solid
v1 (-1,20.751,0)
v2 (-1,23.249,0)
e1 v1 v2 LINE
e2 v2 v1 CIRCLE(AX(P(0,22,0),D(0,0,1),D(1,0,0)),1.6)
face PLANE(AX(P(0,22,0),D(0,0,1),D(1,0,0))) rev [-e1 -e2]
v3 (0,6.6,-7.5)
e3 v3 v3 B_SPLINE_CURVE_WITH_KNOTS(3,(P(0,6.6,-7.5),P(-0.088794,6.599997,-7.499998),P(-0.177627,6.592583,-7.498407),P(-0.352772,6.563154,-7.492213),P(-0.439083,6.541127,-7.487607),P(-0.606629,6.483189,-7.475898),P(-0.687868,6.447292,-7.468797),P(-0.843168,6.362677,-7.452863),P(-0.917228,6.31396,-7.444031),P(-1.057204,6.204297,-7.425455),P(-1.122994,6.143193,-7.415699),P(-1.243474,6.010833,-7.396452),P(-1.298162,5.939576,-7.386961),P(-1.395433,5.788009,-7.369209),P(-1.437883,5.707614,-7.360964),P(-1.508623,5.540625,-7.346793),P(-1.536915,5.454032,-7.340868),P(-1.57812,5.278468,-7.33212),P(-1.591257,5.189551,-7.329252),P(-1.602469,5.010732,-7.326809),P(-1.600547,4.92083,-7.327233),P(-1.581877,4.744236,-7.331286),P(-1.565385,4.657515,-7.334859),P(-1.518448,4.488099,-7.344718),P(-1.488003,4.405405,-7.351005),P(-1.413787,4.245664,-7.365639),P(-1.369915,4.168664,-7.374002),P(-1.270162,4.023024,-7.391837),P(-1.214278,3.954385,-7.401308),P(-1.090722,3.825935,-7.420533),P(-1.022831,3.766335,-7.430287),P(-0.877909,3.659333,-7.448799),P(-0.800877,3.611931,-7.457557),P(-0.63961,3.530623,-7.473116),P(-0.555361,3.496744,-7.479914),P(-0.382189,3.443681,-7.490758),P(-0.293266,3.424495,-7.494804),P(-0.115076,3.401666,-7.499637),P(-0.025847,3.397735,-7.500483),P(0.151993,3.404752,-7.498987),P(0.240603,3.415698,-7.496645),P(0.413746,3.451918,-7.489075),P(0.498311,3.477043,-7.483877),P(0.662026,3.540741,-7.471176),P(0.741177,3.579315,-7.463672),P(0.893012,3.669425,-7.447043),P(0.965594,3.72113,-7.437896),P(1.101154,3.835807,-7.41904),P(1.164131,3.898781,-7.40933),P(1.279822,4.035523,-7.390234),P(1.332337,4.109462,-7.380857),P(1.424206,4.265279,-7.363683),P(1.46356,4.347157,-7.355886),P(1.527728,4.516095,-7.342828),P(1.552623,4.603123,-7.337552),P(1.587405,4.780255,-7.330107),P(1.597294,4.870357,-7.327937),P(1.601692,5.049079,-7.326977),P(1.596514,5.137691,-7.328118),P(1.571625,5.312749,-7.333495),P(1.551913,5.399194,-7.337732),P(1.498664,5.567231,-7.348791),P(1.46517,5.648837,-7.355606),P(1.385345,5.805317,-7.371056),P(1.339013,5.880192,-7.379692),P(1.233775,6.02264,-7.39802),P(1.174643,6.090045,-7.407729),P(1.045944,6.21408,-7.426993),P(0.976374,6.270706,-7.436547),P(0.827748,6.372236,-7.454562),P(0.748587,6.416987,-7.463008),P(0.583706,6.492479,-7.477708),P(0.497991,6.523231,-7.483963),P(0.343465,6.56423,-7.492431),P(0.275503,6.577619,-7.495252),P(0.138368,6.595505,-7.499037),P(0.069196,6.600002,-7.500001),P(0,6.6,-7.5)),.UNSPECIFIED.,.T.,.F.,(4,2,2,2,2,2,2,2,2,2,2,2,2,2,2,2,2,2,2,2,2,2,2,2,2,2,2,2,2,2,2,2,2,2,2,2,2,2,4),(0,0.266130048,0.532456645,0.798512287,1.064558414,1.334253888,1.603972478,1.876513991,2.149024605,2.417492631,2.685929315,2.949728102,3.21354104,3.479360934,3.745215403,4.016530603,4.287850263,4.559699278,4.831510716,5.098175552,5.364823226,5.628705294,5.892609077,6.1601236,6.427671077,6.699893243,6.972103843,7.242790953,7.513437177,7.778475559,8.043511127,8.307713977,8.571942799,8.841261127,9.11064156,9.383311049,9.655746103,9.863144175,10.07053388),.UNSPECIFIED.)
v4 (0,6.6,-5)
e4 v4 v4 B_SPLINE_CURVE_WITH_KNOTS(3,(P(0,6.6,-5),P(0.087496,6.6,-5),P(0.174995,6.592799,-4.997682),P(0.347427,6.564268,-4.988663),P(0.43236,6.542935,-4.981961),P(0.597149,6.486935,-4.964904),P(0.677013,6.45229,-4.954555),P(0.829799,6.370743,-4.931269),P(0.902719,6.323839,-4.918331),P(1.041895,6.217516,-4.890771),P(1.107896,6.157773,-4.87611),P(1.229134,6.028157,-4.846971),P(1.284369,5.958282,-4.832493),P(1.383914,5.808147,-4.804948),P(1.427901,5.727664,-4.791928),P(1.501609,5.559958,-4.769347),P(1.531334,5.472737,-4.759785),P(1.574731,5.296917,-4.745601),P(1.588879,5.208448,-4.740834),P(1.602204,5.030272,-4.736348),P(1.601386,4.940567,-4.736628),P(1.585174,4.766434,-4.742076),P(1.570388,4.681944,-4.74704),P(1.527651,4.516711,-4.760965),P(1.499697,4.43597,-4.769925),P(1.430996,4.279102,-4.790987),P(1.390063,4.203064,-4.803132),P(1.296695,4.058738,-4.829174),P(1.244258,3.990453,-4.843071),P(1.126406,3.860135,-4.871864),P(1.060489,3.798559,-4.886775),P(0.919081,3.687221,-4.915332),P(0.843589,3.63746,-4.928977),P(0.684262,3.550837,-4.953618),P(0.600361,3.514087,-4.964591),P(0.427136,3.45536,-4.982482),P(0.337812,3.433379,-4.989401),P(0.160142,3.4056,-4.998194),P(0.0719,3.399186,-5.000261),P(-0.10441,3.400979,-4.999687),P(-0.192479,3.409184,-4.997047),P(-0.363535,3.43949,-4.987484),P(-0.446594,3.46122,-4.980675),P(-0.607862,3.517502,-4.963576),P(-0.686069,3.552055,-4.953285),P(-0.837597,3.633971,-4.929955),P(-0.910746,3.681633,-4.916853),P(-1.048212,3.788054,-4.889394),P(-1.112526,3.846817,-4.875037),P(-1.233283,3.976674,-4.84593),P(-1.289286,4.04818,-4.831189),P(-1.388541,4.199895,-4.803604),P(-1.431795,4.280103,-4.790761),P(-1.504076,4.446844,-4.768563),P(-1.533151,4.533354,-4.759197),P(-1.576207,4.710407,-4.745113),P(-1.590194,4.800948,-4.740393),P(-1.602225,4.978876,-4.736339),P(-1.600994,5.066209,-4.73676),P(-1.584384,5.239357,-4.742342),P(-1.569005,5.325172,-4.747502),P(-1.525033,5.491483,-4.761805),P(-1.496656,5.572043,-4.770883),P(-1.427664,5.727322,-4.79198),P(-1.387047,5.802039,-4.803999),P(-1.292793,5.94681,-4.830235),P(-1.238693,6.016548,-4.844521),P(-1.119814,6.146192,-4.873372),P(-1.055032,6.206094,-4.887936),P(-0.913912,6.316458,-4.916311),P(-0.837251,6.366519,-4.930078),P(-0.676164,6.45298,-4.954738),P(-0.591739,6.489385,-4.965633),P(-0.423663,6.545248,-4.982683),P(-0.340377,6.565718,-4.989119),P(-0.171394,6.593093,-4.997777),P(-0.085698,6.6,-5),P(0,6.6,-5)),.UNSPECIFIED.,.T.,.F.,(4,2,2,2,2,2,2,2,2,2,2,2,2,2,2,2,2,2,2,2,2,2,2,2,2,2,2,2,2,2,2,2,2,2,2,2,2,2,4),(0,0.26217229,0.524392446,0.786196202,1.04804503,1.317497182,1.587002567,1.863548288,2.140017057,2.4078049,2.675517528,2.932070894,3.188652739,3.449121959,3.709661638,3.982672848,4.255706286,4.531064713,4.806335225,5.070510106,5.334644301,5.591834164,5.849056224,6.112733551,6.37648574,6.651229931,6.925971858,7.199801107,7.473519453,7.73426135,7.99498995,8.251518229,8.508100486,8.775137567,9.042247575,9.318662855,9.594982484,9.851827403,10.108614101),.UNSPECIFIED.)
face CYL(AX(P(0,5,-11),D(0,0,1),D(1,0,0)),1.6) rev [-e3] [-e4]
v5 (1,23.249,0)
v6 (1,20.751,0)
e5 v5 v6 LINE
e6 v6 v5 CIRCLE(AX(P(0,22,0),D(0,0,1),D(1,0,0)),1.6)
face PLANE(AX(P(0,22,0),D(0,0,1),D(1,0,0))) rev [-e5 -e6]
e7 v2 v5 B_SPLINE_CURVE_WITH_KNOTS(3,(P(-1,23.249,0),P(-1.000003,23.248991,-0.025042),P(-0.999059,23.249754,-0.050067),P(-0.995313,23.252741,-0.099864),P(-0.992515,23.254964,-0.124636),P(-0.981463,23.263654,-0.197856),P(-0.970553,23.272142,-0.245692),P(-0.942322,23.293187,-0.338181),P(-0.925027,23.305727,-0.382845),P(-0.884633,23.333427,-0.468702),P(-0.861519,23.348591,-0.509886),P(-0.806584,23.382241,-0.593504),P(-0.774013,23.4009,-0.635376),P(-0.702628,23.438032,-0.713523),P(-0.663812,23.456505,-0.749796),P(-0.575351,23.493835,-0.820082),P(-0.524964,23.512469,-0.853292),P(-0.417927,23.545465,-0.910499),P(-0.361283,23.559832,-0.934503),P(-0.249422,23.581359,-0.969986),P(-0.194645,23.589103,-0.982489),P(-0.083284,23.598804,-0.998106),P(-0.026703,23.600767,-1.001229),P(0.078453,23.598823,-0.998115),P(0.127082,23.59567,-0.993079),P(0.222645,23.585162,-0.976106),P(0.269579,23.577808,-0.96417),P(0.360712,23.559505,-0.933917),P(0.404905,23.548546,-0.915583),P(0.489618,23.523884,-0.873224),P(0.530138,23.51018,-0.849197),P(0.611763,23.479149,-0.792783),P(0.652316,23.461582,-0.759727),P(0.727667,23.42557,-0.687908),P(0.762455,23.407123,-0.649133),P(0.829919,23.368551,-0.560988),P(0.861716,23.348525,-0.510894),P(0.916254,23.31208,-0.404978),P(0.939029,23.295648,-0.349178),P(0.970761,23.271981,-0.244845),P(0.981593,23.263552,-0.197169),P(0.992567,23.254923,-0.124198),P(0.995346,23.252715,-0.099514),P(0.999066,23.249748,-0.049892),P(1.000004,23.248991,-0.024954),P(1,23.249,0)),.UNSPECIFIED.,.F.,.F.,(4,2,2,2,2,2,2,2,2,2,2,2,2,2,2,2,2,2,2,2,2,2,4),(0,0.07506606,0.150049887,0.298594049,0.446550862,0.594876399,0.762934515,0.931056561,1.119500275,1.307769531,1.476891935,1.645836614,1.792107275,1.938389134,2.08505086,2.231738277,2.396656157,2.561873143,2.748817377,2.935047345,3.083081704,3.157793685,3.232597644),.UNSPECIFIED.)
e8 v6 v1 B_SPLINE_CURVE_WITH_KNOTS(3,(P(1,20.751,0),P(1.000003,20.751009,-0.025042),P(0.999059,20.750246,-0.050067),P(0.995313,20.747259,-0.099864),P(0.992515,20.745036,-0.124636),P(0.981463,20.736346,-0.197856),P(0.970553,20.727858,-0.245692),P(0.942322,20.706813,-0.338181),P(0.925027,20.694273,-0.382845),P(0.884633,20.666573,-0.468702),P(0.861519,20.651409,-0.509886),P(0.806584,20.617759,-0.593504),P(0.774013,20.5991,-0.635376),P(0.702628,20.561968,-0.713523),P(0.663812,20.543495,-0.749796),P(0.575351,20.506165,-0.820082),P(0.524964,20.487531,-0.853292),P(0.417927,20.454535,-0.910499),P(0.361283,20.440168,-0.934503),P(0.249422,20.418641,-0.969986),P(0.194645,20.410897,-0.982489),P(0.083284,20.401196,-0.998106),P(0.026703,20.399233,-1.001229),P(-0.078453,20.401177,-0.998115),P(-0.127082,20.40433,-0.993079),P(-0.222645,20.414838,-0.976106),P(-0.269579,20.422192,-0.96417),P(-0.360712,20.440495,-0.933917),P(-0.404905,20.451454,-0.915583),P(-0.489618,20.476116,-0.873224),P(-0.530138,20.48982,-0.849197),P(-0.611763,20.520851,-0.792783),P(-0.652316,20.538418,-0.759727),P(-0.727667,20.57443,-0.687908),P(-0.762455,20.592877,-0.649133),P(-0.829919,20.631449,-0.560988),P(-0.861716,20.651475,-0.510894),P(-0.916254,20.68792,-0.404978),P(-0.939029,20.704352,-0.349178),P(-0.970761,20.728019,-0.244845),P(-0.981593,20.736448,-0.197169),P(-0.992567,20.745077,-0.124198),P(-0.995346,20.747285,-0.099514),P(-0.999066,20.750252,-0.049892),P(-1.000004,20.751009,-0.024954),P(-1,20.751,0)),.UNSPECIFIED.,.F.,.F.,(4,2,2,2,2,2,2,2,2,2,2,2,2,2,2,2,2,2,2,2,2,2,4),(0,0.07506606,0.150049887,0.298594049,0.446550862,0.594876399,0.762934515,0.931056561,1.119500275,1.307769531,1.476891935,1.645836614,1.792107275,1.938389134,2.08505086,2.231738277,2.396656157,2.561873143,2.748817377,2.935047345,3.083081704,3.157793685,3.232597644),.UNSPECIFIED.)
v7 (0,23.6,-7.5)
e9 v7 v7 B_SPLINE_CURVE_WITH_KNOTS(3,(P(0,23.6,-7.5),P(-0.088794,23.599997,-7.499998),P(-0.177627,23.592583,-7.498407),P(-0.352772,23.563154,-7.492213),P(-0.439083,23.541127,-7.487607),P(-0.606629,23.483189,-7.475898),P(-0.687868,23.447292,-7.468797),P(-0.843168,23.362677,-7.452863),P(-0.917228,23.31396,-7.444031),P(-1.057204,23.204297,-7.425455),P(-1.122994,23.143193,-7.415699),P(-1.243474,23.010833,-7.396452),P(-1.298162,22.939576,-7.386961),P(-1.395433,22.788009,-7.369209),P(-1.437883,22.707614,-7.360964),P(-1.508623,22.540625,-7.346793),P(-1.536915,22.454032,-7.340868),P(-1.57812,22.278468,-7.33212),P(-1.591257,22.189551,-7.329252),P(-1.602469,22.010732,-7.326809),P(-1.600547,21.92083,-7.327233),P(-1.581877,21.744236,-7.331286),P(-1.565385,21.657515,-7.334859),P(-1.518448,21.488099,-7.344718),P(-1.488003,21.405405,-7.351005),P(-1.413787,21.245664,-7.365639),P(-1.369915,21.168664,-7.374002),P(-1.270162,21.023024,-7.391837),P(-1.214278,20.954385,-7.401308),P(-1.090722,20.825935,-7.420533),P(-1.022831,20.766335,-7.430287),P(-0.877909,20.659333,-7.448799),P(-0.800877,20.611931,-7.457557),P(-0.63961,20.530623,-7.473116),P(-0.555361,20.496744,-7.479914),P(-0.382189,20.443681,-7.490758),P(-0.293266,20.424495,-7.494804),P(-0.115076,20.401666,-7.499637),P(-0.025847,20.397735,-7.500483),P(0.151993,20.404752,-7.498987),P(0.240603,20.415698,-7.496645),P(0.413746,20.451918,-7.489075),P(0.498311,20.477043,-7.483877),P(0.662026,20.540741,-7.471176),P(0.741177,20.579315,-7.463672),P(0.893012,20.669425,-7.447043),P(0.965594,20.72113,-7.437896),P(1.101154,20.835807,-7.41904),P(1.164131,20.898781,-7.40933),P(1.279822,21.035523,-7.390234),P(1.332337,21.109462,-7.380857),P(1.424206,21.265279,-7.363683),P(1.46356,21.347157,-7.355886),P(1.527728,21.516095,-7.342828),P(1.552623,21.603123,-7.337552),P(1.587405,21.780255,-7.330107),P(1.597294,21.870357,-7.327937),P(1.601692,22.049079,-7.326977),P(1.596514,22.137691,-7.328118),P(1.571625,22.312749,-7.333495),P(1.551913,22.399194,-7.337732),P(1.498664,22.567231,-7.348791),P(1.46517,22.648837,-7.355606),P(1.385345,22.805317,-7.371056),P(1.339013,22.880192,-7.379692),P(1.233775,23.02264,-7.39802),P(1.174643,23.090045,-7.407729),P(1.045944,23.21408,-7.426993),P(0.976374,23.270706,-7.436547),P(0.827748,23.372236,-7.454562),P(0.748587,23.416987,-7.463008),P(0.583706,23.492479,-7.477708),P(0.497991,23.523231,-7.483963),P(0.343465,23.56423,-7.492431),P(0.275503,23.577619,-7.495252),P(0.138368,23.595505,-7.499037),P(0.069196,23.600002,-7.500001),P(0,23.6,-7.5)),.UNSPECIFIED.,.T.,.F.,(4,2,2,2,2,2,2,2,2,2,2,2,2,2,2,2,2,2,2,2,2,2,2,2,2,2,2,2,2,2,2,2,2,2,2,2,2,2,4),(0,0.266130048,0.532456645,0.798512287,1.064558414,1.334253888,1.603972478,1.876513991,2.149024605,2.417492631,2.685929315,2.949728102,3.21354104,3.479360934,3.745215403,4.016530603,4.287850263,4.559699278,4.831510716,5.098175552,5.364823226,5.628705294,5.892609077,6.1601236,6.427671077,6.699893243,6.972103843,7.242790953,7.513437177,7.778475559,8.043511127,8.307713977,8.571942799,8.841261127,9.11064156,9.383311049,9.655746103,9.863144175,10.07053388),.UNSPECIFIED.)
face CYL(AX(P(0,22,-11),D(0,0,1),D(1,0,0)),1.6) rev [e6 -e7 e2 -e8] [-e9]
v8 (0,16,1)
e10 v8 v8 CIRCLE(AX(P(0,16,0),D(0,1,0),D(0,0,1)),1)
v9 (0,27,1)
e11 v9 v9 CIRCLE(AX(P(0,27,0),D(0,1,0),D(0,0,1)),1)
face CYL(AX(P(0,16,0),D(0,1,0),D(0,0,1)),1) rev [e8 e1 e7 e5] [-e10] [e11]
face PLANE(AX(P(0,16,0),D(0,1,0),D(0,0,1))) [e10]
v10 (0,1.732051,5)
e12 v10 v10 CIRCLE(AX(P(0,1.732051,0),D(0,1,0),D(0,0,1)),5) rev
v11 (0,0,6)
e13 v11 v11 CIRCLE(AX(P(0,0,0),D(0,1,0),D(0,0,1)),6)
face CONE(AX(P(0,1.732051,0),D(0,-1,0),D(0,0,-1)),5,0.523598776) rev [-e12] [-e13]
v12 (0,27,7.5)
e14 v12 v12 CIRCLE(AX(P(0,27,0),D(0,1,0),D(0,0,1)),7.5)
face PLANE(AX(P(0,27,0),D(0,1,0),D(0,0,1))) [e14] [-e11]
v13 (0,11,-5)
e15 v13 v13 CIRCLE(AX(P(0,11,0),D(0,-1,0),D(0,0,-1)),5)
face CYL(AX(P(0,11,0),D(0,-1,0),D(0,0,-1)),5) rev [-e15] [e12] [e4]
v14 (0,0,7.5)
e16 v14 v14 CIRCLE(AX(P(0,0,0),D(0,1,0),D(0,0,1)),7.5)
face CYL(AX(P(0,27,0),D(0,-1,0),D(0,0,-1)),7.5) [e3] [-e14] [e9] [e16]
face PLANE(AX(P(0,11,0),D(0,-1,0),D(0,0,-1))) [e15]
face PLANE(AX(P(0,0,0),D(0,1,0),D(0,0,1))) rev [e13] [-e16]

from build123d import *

# Parameters (mm, degrees)
SKETCH1_R           = 7.5
BOSS_EXTRUDE1_DEPTH = 27
SKETCH2_R           = 5
CUT_EXTRUDE1_DEPTH  = 11
SKETCH3_R           = 1
CUT_EXTRUDE2_DEPTH  = 11
SKETCH4_R           = 1.6
CUT_EXTRUDE3_DEPTH  = 11
CHAMFER1_SIZE       = 1
CHAMFER1_SIZE2      = 1.732050808


with BuildPart() as part:
    # Sketch1 → Boss-Extrude1 (new body)
    with BuildSketch(Plane(origin=(0, 0, 0), x_dir=(1, 0, 0), z_dir=(0, 1, 0))):
        Circle(SKETCH1_R)
    extrude(amount=BOSS_EXTRUDE1_DEPTH)

    # Sketch2 → Cut-Extrude1 (cut)
    with BuildSketch(Plane.XZ):
        Circle(SKETCH2_R)
    extrude(amount=-CUT_EXTRUDE1_DEPTH, mode=Mode.SUBTRACT)

    # Sketch3 → Cut-Extrude2 (cut)
    with BuildSketch(Plane(origin=(0, 27, 0), x_dir=(1, 0, 0), z_dir=(0, 1, 0))):
        Circle(SKETCH3_R)
    extrude(amount=-CUT_EXTRUDE2_DEPTH, mode=Mode.SUBTRACT)

    # Sketch4 → Cut-Extrude3 (cut)
    with BuildSketch(Plane.XY):
        with Locations((0, 22)):
            Circle(SKETCH4_R)
        with Locations((0, 5)):
            Circle(SKETCH4_R)
    extrude(amount=-CUT_EXTRUDE3_DEPTH, mode=Mode.SUBTRACT)

    # Chamfer1
    chamfer1_edges = [part.edges().sort_by_distance(p)[0] for p in [
        (-5, 0, 0),
    ]]
    chamfer1_side = [part.faces().sort_by_distance(p)[0] for p in [
        (-7.287867966, 0, 0),
    ]]
    chamfer(chamfer1_edges, length=CHAMFER1_SIZE, length2=CHAMFER1_SIZE2, reference=chamfer1_side[0])


solid = part.part
